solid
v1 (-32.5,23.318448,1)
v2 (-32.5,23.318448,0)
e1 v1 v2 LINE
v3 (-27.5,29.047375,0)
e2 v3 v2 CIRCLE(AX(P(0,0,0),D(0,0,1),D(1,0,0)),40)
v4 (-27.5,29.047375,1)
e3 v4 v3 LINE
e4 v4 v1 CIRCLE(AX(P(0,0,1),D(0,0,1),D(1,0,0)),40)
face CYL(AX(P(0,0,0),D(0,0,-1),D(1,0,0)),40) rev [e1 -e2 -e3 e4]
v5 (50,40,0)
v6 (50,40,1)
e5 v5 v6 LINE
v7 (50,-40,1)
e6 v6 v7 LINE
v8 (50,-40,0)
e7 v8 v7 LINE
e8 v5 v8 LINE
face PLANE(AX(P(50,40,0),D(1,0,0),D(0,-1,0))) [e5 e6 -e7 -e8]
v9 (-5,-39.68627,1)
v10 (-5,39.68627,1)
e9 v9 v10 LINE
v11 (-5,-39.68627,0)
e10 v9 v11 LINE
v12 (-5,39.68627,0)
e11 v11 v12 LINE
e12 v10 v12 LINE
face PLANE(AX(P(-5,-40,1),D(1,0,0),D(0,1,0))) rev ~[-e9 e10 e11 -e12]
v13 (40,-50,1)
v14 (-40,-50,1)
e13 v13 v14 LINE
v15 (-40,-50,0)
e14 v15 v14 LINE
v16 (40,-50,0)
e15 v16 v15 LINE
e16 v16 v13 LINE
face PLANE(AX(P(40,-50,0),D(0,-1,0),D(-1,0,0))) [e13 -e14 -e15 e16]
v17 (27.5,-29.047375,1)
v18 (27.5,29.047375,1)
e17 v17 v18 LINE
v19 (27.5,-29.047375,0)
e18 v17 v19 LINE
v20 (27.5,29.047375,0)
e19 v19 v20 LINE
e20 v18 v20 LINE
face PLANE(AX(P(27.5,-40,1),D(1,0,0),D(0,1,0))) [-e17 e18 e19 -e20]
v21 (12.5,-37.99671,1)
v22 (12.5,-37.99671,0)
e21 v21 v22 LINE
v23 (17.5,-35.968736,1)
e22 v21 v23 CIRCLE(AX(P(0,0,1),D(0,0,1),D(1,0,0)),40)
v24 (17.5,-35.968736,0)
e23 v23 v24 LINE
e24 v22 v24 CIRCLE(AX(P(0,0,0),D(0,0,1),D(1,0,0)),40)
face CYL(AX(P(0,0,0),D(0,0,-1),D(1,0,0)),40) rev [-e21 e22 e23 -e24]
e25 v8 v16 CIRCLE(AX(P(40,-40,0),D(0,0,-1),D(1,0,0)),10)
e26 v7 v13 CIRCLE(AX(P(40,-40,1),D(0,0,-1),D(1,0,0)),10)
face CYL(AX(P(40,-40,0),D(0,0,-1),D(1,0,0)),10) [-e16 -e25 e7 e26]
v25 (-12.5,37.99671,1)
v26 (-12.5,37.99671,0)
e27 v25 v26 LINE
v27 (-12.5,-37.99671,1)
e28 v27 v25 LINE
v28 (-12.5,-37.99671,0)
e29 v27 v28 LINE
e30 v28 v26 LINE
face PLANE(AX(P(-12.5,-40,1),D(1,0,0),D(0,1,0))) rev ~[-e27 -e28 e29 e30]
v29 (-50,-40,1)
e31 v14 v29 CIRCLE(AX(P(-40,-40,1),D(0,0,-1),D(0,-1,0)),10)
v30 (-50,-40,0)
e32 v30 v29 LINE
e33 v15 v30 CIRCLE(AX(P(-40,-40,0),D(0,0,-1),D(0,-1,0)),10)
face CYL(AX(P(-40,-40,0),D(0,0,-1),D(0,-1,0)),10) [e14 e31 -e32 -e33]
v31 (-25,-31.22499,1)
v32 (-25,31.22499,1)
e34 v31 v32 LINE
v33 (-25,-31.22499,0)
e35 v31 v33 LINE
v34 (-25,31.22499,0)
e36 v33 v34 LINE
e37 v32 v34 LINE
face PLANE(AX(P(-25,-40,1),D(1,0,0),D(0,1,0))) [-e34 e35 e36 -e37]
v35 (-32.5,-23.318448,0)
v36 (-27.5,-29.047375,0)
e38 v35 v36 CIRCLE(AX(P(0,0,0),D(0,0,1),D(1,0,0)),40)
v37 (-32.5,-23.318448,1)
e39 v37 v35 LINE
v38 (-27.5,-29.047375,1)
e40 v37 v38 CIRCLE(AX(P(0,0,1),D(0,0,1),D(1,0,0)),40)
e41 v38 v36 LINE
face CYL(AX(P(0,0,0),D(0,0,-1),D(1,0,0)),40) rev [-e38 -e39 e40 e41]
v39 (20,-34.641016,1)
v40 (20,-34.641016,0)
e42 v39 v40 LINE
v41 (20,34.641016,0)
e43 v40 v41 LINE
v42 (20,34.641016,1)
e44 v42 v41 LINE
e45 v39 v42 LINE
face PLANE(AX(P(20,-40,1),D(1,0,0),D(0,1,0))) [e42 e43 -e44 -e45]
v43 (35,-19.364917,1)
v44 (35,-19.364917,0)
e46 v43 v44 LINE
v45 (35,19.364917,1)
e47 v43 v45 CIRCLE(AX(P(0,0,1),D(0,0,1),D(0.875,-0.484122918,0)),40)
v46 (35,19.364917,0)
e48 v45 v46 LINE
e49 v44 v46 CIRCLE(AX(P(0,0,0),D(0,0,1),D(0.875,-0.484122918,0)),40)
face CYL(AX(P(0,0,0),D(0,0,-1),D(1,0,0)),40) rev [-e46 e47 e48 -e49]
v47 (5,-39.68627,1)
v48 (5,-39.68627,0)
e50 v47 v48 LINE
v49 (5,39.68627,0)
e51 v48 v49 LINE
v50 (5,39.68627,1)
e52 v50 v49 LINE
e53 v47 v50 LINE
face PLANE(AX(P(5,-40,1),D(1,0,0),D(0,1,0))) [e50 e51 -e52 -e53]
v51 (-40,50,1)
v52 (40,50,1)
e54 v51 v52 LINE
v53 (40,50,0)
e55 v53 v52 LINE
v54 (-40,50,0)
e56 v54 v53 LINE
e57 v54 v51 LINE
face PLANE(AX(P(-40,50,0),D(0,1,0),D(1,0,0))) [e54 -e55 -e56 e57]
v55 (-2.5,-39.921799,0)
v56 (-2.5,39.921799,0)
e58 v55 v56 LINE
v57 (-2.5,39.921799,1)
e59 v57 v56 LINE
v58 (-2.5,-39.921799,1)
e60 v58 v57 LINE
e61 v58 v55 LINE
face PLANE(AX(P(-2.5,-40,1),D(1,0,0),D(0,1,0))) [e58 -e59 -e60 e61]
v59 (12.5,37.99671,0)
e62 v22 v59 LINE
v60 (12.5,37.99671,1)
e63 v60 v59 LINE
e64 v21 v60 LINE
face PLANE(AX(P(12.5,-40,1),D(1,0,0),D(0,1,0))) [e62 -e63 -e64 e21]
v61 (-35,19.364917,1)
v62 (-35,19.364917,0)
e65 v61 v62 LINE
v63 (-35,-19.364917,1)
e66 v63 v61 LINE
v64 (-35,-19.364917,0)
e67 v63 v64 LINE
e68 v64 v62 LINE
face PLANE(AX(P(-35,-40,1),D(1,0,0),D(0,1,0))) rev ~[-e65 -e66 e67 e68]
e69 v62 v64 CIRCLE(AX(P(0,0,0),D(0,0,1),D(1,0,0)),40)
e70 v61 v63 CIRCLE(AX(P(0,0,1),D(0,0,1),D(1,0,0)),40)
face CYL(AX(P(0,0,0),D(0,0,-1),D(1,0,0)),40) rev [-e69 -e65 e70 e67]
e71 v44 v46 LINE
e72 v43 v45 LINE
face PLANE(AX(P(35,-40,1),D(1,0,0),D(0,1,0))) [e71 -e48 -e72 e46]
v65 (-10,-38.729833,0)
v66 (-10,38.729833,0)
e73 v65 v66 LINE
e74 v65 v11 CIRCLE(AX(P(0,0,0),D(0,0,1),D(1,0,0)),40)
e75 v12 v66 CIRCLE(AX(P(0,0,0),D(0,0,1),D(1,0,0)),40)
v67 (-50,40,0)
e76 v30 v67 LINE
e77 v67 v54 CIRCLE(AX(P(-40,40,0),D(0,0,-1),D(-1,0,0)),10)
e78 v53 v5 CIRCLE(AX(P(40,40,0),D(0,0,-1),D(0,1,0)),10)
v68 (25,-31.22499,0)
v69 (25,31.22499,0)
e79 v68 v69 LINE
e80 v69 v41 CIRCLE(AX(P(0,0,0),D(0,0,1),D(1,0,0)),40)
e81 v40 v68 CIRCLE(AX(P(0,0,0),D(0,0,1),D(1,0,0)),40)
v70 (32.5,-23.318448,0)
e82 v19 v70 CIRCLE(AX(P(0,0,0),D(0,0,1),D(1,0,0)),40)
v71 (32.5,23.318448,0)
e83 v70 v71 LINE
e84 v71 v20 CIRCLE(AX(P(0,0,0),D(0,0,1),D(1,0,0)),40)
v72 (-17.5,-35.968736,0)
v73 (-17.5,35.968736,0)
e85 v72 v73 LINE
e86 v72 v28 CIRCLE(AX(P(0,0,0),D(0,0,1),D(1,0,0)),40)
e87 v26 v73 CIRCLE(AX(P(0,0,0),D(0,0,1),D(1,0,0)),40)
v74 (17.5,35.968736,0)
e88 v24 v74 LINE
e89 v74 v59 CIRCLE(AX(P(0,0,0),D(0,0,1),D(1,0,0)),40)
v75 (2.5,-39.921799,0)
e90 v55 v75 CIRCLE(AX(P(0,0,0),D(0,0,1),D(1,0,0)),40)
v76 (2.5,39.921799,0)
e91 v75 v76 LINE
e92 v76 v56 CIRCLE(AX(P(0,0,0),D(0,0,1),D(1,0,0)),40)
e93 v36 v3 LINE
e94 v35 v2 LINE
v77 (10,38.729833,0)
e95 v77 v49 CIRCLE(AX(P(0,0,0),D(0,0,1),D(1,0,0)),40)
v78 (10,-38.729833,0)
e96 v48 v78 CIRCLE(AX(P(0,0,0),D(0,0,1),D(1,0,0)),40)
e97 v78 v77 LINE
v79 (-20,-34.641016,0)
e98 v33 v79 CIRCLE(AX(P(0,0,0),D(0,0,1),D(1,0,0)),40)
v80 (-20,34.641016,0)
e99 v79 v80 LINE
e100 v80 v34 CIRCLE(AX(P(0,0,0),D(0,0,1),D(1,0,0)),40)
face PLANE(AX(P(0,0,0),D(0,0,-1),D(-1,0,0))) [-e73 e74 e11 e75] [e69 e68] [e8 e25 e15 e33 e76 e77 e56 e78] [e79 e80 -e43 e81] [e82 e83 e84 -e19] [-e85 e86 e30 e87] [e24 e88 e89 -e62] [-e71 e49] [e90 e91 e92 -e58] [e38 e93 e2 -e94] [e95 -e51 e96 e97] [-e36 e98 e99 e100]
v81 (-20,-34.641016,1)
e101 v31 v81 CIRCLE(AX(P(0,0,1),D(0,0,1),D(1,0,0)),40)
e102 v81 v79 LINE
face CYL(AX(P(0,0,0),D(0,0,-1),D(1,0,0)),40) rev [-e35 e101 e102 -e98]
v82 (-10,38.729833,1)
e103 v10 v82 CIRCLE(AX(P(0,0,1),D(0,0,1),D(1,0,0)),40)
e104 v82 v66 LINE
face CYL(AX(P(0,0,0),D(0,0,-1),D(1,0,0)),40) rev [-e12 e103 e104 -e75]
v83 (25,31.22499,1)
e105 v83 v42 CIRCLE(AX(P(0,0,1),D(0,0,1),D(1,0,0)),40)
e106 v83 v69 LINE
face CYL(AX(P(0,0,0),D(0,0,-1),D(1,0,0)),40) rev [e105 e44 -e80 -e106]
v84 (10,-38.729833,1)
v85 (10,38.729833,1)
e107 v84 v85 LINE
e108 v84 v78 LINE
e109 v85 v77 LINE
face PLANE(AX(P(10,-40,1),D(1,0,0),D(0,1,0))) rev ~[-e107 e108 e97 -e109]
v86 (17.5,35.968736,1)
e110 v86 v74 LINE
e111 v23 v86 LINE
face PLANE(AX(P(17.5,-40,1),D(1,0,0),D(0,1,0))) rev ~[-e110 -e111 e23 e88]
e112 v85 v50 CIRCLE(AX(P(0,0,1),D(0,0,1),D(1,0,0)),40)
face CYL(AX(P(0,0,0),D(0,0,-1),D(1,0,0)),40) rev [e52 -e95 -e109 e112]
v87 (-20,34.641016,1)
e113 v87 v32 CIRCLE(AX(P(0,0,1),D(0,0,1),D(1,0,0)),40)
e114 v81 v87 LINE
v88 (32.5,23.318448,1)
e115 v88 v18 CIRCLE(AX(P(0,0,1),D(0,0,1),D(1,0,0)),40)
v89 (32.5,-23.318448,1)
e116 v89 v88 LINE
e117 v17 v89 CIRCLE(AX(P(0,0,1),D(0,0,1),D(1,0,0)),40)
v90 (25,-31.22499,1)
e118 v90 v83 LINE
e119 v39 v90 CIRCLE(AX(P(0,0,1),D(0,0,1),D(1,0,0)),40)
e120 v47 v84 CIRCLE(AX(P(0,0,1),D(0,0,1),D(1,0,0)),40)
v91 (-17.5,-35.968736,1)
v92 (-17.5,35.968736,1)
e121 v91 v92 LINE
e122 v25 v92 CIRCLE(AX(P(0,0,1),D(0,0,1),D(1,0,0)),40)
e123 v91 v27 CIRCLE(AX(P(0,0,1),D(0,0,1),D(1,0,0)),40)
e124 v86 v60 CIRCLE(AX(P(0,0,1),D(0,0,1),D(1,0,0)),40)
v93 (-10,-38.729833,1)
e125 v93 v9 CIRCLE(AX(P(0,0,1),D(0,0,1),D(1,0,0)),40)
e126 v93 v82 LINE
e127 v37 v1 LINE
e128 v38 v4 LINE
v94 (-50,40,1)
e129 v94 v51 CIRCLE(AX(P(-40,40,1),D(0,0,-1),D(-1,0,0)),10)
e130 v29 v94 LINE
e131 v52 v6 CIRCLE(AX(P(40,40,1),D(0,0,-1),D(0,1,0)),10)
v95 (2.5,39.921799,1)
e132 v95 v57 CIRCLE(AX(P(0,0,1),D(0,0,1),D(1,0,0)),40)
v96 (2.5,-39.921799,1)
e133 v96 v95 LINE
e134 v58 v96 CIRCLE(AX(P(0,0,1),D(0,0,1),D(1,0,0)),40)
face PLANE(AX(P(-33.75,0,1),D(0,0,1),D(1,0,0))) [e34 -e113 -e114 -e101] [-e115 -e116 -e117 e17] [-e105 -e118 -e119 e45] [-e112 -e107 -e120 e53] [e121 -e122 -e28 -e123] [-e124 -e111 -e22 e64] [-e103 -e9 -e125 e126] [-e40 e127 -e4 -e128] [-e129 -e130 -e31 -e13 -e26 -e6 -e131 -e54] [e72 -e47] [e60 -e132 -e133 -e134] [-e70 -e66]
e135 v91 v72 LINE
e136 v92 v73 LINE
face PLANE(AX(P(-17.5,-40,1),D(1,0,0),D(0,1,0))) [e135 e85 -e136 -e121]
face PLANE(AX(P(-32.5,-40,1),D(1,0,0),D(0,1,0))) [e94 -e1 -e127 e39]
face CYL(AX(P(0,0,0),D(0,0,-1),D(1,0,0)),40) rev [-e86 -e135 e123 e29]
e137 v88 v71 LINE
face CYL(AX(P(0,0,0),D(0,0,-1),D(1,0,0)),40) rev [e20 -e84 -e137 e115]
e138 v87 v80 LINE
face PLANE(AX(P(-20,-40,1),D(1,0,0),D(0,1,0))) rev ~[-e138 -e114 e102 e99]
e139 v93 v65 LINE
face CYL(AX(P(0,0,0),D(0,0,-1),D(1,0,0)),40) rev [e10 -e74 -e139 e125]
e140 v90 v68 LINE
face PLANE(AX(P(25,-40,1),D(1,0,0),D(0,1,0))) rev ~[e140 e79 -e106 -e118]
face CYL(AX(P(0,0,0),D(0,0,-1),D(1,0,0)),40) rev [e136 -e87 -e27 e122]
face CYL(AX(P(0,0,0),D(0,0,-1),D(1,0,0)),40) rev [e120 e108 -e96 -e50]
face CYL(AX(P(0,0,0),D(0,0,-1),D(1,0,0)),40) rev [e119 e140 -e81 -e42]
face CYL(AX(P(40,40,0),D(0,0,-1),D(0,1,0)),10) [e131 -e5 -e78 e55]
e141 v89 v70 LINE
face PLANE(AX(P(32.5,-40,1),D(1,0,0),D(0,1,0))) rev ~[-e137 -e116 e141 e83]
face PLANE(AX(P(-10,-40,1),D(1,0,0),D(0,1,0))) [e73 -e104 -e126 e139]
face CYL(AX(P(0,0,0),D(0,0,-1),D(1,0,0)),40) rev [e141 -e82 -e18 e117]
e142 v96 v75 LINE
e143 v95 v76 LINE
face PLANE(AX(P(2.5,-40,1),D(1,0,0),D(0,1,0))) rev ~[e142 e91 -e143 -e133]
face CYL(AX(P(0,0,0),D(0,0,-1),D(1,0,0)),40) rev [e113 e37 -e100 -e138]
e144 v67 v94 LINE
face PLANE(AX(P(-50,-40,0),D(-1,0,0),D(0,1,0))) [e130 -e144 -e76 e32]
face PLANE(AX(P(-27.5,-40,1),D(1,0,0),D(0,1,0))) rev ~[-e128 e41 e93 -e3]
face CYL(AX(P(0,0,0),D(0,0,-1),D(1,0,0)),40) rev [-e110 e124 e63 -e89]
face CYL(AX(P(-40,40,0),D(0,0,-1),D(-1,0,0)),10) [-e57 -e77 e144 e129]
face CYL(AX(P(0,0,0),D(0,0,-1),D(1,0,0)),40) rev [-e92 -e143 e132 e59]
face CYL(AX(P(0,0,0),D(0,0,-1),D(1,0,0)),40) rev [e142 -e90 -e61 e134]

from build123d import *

# Parameters (mm, degrees)
SKETCH1_R           = 40
BOSS_EXTRUDE1_DEPTH = 1
SKETCH3_W           = 2.5
SKETCH3_H           = 80
BOSS_EXTRUDE2_DEPTH = 1


with BuildPart() as part:
    # Sketch1 → Boss-Extrude1 (new body)
    with BuildSketch(Plane.XY):
        with BuildLine():
            Line((-40, 50), (40, 50))
            ThreePointArc((40, 50), (47.071067812, 47.071067812), (50, 40))
            Line((50, 40), (50, -40))
            ThreePointArc((50, -40), (47.071067812, -47.071067812), (40, -50))
            Line((40, -50), (-40, -50))
            ThreePointArc((-40, -50), (-47.071067812, -47.071067812), (-50, -40))
            Line((-50, -40), (-50, 40))
            ThreePointArc((-50, 40), (-47.071067812, 47.071067812), (-40, 50))
        make_face()
        Circle(SKETCH1_R, mode=Mode.SUBTRACT)
    extrude(amount=BOSS_EXTRUDE1_DEPTH)

    # Sketch3 → Boss-Extrude2 (add)
    with BuildSketch(Plane.XY.offset(1)):
        with Locations((-33.75, 0)):
            Rectangle(SKETCH3_W, SKETCH3_H)
        with Locations((-26.25, 0)):
            Rectangle(SKETCH3_W, SKETCH3_H)
        with Locations((-18.75, 0)):
            Rectangle(SKETCH3_W, SKETCH3_H)
        with Locations((-11.25, 0)):
            Rectangle(SKETCH3_W, SKETCH3_H)
        with Locations((-3.75, 0)):
            Rectangle(SKETCH3_W, SKETCH3_H)
        with Locations((3.75, 0)):
            Rectangle(SKETCH3_W, SKETCH3_H)
        with Locations((11.25, 0)):
            Rectangle(SKETCH3_W, SKETCH3_H)
        with Locations((18.75, 0)):
            Rectangle(SKETCH3_W, SKETCH3_H)
        with Locations((26.25, 0)):
            Rectangle(SKETCH3_W, SKETCH3_H)
        with Locations((33.75, 0)):
            Rectangle(SKETCH3_W, SKETCH3_H)
    extrude(amount=-BOSS_EXTRUDE2_DEPTH)


solid = part.part
